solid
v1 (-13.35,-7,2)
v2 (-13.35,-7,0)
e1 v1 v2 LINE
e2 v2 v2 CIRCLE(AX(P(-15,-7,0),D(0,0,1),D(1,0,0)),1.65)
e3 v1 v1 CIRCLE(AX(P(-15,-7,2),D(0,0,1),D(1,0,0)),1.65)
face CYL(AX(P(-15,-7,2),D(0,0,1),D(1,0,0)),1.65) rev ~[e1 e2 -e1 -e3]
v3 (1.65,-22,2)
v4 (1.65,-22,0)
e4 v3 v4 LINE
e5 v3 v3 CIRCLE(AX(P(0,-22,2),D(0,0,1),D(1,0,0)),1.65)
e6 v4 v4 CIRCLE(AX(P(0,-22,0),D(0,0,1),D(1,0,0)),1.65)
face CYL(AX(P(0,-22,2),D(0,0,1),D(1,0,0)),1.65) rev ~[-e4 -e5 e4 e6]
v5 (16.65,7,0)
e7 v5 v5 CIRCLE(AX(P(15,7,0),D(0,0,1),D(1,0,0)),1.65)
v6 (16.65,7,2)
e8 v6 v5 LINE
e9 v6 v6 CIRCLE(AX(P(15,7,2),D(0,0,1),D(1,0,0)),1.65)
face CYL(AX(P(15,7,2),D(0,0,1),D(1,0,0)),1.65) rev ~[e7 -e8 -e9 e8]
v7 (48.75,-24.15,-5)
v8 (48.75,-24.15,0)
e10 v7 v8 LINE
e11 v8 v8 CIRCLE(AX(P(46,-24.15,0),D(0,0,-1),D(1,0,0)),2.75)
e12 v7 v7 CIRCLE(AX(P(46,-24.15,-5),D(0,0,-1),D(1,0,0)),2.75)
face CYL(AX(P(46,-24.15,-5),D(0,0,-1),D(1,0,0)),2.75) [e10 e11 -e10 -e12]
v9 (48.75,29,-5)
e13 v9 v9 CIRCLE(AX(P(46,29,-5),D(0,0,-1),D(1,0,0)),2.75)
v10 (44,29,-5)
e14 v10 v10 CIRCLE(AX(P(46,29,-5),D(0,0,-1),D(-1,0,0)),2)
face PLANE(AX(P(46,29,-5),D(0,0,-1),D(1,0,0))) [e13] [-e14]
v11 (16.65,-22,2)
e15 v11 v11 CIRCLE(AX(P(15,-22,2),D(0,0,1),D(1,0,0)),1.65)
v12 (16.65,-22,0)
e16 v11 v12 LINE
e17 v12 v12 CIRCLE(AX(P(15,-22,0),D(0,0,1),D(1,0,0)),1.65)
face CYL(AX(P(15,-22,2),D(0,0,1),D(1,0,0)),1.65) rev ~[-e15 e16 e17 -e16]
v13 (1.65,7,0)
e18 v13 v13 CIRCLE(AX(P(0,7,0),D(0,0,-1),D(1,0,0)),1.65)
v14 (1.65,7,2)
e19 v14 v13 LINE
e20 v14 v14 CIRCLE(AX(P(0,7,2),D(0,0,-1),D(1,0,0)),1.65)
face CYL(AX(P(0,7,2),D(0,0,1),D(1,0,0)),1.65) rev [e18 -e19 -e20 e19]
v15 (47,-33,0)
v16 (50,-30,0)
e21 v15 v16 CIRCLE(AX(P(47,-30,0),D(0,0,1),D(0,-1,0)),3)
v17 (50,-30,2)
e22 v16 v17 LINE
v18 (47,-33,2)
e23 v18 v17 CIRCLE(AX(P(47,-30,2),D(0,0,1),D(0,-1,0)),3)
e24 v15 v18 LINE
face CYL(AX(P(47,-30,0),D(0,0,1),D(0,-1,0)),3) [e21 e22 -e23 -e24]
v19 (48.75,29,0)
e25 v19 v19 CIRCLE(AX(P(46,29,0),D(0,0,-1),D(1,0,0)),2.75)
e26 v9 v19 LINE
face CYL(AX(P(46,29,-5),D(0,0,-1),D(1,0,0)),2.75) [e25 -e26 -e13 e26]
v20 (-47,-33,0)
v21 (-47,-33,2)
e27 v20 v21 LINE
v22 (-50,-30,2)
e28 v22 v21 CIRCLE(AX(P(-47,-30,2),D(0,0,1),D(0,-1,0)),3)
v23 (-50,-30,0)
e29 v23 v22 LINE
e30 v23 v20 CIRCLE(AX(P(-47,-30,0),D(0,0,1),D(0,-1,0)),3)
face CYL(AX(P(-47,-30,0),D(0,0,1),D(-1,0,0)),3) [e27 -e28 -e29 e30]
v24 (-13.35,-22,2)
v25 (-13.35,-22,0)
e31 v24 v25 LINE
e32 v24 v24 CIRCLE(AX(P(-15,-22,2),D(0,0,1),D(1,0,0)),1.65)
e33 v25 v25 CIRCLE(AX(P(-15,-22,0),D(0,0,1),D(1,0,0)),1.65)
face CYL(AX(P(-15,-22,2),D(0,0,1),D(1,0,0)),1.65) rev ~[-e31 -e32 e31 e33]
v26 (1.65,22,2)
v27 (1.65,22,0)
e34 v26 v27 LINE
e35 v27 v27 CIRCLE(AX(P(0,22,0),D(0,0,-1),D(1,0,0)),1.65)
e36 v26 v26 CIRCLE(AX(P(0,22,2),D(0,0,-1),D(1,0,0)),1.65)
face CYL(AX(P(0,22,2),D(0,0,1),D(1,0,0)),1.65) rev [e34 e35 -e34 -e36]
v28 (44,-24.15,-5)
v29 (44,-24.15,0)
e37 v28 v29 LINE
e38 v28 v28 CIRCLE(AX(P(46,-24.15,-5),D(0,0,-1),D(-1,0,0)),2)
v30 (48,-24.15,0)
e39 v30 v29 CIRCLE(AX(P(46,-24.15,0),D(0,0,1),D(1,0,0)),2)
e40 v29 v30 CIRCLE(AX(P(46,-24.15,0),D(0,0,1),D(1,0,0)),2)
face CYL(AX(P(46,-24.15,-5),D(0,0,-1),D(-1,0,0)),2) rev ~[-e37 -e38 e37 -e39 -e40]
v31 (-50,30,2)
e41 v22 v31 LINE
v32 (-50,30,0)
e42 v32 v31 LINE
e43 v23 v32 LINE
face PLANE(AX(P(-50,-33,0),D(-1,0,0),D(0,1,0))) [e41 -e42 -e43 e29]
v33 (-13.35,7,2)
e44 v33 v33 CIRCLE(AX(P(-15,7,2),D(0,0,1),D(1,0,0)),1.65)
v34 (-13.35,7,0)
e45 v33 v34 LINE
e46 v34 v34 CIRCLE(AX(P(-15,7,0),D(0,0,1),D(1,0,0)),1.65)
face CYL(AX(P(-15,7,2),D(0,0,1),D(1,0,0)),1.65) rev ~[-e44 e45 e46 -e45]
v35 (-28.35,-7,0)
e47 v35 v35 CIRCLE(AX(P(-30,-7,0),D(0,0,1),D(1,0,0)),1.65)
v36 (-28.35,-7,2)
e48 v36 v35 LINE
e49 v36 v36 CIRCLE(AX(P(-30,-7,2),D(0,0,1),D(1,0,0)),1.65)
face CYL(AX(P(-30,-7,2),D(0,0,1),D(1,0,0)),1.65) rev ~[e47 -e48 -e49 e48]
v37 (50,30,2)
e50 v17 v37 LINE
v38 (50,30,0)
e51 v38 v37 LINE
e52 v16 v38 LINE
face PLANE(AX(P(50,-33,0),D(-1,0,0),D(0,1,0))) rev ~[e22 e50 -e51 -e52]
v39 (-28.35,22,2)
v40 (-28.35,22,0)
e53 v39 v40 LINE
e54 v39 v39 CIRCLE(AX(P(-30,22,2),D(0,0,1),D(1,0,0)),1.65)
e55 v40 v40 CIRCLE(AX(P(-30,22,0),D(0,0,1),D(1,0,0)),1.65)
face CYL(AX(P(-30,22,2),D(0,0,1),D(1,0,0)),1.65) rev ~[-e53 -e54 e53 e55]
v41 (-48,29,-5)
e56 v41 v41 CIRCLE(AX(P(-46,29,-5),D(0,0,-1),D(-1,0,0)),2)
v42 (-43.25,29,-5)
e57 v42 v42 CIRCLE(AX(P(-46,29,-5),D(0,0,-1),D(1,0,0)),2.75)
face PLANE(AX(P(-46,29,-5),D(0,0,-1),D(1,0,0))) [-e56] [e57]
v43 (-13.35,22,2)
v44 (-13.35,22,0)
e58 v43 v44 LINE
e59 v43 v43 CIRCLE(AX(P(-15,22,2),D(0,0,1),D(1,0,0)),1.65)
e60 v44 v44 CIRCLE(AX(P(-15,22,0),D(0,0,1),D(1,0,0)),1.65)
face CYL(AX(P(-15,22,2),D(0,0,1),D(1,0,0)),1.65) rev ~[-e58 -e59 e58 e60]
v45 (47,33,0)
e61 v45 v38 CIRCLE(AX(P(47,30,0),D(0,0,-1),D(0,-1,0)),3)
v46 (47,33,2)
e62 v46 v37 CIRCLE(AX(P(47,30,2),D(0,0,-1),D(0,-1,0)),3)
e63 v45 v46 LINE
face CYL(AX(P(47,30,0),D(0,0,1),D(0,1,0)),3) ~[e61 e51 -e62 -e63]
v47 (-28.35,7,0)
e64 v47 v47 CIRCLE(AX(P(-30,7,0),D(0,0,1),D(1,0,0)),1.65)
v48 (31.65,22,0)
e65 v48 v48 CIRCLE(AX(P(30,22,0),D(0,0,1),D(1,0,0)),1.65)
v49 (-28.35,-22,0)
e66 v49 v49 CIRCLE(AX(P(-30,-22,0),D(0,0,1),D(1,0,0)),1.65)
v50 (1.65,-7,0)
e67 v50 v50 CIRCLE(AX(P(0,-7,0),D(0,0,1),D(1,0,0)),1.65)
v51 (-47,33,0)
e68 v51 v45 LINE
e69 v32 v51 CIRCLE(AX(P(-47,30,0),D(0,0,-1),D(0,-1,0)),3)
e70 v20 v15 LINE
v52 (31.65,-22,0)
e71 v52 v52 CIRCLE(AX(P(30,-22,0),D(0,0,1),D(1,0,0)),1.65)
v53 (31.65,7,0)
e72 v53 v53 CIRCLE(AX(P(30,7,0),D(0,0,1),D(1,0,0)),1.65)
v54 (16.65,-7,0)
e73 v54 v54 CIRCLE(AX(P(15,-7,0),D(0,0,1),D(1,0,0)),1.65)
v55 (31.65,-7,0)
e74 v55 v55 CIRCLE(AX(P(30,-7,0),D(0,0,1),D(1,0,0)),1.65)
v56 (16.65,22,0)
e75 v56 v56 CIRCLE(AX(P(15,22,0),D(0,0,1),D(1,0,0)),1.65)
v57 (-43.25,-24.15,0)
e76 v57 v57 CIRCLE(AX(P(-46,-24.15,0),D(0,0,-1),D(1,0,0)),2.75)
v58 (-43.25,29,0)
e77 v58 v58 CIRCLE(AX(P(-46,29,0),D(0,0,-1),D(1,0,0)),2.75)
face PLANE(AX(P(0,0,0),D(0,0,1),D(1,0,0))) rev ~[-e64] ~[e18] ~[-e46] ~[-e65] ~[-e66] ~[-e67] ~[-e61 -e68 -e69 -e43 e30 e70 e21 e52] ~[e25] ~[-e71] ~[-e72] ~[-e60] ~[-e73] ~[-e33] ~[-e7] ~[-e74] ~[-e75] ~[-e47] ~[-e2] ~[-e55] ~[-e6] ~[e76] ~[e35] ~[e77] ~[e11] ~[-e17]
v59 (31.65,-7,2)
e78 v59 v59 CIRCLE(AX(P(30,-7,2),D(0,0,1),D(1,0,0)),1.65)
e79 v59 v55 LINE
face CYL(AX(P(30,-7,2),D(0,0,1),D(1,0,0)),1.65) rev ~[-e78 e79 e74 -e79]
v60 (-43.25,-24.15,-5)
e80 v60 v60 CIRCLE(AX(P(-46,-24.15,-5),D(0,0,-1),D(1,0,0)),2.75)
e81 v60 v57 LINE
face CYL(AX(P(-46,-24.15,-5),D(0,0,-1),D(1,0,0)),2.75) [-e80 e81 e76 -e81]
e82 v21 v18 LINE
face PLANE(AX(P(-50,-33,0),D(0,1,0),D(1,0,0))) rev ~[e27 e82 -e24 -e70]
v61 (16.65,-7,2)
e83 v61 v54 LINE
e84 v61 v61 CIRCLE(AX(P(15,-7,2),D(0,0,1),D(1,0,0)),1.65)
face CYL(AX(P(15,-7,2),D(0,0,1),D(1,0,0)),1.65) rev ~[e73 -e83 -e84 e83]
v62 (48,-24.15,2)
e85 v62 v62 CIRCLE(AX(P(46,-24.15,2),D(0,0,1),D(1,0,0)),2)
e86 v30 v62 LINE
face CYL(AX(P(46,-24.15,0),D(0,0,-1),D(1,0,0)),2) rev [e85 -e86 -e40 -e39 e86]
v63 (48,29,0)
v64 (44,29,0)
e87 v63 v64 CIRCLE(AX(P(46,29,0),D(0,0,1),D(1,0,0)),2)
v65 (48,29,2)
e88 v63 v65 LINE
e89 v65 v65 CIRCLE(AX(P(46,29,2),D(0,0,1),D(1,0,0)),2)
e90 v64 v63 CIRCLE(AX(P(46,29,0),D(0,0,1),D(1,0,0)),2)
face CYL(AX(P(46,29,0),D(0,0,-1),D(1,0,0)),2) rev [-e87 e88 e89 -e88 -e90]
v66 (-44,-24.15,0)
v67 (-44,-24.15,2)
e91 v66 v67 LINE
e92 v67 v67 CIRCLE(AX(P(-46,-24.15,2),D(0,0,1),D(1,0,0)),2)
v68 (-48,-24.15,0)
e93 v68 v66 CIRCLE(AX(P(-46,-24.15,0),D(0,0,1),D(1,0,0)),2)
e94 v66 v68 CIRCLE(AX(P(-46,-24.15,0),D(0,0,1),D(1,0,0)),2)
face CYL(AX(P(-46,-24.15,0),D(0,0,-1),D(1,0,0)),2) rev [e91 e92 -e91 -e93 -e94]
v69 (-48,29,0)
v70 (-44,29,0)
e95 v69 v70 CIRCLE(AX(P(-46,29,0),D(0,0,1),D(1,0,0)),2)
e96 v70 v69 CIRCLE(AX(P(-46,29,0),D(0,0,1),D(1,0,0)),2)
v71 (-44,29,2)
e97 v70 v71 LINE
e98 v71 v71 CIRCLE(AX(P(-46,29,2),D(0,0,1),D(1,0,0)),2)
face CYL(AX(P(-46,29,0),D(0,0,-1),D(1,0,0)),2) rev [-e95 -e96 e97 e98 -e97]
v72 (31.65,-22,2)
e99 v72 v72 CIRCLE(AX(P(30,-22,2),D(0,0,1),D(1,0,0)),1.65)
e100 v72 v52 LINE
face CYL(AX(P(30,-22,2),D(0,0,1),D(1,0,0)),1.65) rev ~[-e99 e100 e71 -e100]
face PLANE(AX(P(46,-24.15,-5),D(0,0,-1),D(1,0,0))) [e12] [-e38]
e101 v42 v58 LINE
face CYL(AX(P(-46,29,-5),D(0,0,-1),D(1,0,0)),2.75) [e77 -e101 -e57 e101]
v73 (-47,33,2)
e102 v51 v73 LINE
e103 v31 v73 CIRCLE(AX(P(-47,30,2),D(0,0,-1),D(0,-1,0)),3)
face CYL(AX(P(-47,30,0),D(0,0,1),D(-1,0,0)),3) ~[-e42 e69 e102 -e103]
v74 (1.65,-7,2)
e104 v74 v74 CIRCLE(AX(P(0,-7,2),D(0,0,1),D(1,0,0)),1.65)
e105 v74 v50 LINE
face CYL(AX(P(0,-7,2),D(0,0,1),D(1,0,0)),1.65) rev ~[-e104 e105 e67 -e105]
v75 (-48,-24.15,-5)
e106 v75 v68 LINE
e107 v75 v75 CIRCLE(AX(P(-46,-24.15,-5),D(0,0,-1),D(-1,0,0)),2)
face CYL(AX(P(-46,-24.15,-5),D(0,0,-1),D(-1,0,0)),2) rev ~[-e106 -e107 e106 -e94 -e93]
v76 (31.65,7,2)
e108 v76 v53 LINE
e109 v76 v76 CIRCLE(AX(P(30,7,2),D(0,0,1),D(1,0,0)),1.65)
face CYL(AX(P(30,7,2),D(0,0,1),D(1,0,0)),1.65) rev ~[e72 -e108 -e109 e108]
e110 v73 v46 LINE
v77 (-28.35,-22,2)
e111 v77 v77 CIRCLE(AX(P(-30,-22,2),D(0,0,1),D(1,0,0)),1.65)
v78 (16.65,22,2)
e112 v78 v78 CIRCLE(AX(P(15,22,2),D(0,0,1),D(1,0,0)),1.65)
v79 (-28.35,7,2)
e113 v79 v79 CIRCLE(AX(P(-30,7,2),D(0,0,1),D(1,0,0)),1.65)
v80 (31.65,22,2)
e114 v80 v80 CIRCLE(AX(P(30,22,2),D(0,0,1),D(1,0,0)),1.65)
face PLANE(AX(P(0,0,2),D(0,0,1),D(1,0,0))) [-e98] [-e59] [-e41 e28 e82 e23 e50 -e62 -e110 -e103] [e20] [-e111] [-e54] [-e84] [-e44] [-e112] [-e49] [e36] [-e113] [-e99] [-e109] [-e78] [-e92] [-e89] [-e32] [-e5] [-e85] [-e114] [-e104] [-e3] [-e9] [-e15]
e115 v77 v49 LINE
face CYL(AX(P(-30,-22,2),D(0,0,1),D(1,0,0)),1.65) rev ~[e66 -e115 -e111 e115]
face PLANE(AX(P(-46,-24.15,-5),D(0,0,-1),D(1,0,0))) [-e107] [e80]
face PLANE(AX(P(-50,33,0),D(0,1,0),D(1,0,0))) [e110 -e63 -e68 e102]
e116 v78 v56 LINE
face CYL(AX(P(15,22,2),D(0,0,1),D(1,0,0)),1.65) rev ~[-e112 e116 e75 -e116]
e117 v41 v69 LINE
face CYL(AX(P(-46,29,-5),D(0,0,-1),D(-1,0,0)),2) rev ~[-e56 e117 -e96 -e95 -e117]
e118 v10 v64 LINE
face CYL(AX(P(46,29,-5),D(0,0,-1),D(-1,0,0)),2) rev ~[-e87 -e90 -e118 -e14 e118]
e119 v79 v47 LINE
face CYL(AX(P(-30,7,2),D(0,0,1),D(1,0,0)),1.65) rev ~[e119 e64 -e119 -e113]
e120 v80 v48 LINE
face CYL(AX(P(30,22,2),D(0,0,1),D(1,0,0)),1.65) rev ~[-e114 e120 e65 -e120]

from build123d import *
from build123d.topology import SkipClean

# Parameters (mm, degrees)
SKETCH1_W               = 100
SKETCH1_H               = 66
SKETCH1_R               = 2
BOSS_EXTRUDE1_DEPTH     = 2
FILLET1_R               = 3
CUT_EXTRUDE1_REACH      = 61.942
SKETCH2_R               = 1.65
LPATTERN1_COUNT         = 3
LPATTERN1_PITCH         = 15
LPATTERN1_COL_COUNT     = 3
LPATTERN1_COL_PITCH     = 15
MIRROR1_COPY_1_REACH    = 61.942
MIRROR1_COPY_1_SKETCH_R = 1.65
MIRROR1_COPY_2_REACH    = 61.942
MIRROR1_COPY_2_SKETCH_R = 1.65
MIRROR1_COPY_3_REACH    = 61.942
MIRROR1_COPY_3_SKETCH_R = 1.65
MIRROR1_COPY_4_REACH    = 61.942
MIRROR1_COPY_4_SKETCH_R = 1.65
BOSS_EXTRUDE2_START     = 5
SKETCH4_R               = 2.75
SKETCH4_R_2             = 2
BOSS_EXTRUDE2_DEPTH     = 5


with BuildPart() as part:
    # Sketch1 → Boss-Extrude1 (new body)
    with BuildSketch(Plane.XY):
        Rectangle(SKETCH1_W, SKETCH1_H)
        with Locations((-46, 29)):
            Circle(SKETCH1_R, mode=Mode.SUBTRACT)
        with Locations((46, 29)):
            Circle(SKETCH1_R, mode=Mode.SUBTRACT)
        with Locations((-46, -24.15)):
            Circle(SKETCH1_R, mode=Mode.SUBTRACT)
        with Locations((46, -24.15)):
            Circle(SKETCH1_R, mode=Mode.SUBTRACT)
    extrude(amount=BOSS_EXTRUDE1_DEPTH)

    # Fillet1
    fillet1_edges = [part.edges().sort_by_distance(p)[0] for p in [
        (-50, 33, 1),
        (50, 33, 1),
        (50, -33, 1),
        (-50, -33, 1),
    ]]
    fillet(fillet1_edges, radius=FILLET1_R)

    # Sketch2 → Cut-Extrude1 (cut, up to next)
    with BuildSketch(Plane.XY.offset(2), mode=Mode.PRIVATE) as cut_extrude1_sk1:
        with Locations((0, -22)):
            Circle(SKETCH2_R)
    cut_extrude1_tool1 = extrude(cut_extrude1_sk1.sketch, amount=-CUT_EXTRUDE1_REACH, mode=Mode.PRIVATE) & part.part
    # Sketch2 → Cut-Extrude1 (cut, up to next)
    with BuildSketch(Plane.XY.offset(2), mode=Mode.PRIVATE) as cut_extrude1_sk2:
        with Locations((0, -7)):
            Circle(SKETCH2_R)
    cut_extrude1_tool2 = extrude(cut_extrude1_sk2.sketch, amount=-CUT_EXTRUDE1_REACH, mode=Mode.PRIVATE) & part.part
    cut_extrude1_1 = cut_extrude1_tool1.solids().sort_by_distance((0, -22, 2))[0]
    add(cut_extrude1_1, mode=Mode.SUBTRACT)
    cut_extrude1_2 = cut_extrude1_tool2.solids().sort_by_distance((0, -7, 2))[0]
    add(cut_extrude1_2, mode=Mode.SUBTRACT)
    cut_extrude1 = cut_extrude1_1 + cut_extrude1_2  # Cut-Extrude1 as one shape, for the pattern or mirror that repeats it

    # LPattern1: Cut-Extrude1 ×3
    with Locations(*[(-i * LPATTERN1_PITCH, 0, 0) for i in range(1, LPATTERN1_COUNT)]):
        add(cut_extrude1, mode=Mode.SUBTRACT)

    # LPattern1 col: Cut-Extrude1 ×3
    with Locations(*[(i * LPATTERN1_COL_PITCH, 0, 0) for i in range(1, LPATTERN1_COL_COUNT)]):
        add(cut_extrude1, mode=Mode.SUBTRACT)

    # Mirror1: Cut-Extrude1 across plane
    add(cut_extrude1.mirror(Plane.ZX), mode=Mode.SUBTRACT)

    # Mirror1 copy 1 sketch → Mirror1 copy 1 (cut, up to next)
    with BuildSketch(Plane(origin=(-15, 0, 2), x_dir=(1, 0, 0), z_dir=(0, 0, 1)), mode=Mode.PRIVATE) as mirror1_copy_1_sk1:
        with Locations((0, 22)):
            Circle(MIRROR1_COPY_1_SKETCH_R)
    mirror1_copy_1_tool1 = extrude(mirror1_copy_1_sk1.sketch, amount=-MIRROR1_COPY_1_REACH, mode=Mode.PRIVATE) & part.part
    # Mirror1 copy 1 sketch → Mirror1 copy 1 (cut, up to next)
    with BuildSketch(Plane(origin=(-15, 0, 2), x_dir=(1, 0, 0), z_dir=(0, 0, 1)), mode=Mode.PRIVATE) as mirror1_copy_1_sk2:
        with Locations((0, 7)):
            Circle(MIRROR1_COPY_1_SKETCH_R)
    mirror1_copy_1_tool2 = extrude(mirror1_copy_1_sk2.sketch, amount=-MIRROR1_COPY_1_REACH, mode=Mode.PRIVATE) & part.part
    add(mirror1_copy_1_tool1.solids().sort_by_distance((-15, 22, 2))[0], mode=Mode.SUBTRACT)
    add(mirror1_copy_1_tool2.solids().sort_by_distance((-15, 7, 2))[0], mode=Mode.SUBTRACT)

    # Mirror1 copy 2 sketch → Mirror1 copy 2 (cut, up to next)
    with BuildSketch(Plane(origin=(-30, 0, 2), x_dir=(1, 0, 0), z_dir=(0, 0, 1)), mode=Mode.PRIVATE) as mirror1_copy_2_sk1:
        with Locations((0, 22)):
            Circle(MIRROR1_COPY_2_SKETCH_R)
    mirror1_copy_2_tool1 = extrude(mirror1_copy_2_sk1.sketch, amount=-MIRROR1_COPY_2_REACH, mode=Mode.PRIVATE) & part.part
    # Mirror1 copy 2 sketch → Mirror1 copy 2 (cut, up to next)
    with BuildSketch(Plane(origin=(-30, 0, 2), x_dir=(1, 0, 0), z_dir=(0, 0, 1)), mode=Mode.PRIVATE) as mirror1_copy_2_sk2:
        with Locations((0, 7)):
            Circle(MIRROR1_COPY_2_SKETCH_R)
    mirror1_copy_2_tool2 = extrude(mirror1_copy_2_sk2.sketch, amount=-MIRROR1_COPY_2_REACH, mode=Mode.PRIVATE) & part.part
    add(mirror1_copy_2_tool1.solids().sort_by_distance((-30, 22, 2))[0], mode=Mode.SUBTRACT)
    add(mirror1_copy_2_tool2.solids().sort_by_distance((-30, 7, 2))[0], mode=Mode.SUBTRACT)

    # Mirror1 copy 3 sketch → Mirror1 copy 3 (cut, up to next)
    with BuildSketch(Plane(origin=(15, 0, 2), x_dir=(1, 0, 0), z_dir=(0, 0, 1)), mode=Mode.PRIVATE) as mirror1_copy_3_sk1:
        with Locations((0, 22)):
            Circle(MIRROR1_COPY_3_SKETCH_R)
    mirror1_copy_3_tool1 = extrude(mirror1_copy_3_sk1.sketch, amount=-MIRROR1_COPY_3_REACH, mode=Mode.PRIVATE) & part.part
    # Mirror1 copy 3 sketch → Mirror1 copy 3 (cut, up to next)
    with BuildSketch(Plane(origin=(15, 0, 2), x_dir=(1, 0, 0), z_dir=(0, 0, 1)), mode=Mode.PRIVATE) as mirror1_copy_3_sk2:
        with Locations((0, 7)):
            Circle(MIRROR1_COPY_3_SKETCH_R)
    mirror1_copy_3_tool2 = extrude(mirror1_copy_3_sk2.sketch, amount=-MIRROR1_COPY_3_REACH, mode=Mode.PRIVATE) & part.part
    add(mirror1_copy_3_tool1.solids().sort_by_distance((15, 22, 2))[0], mode=Mode.SUBTRACT)
    add(mirror1_copy_3_tool2.solids().sort_by_distance((15, 7, 2))[0], mode=Mode.SUBTRACT)

    # Mirror1 copy 4 sketch → Mirror1 copy 4 (cut, up to next)
    with BuildSketch(Plane(origin=(30, 0, 2), x_dir=(1, 0, 0), z_dir=(0, 0, 1)), mode=Mode.PRIVATE) as mirror1_copy_4_sk1:
        with Locations((0, 22)):
            Circle(MIRROR1_COPY_4_SKETCH_R)
    mirror1_copy_4_tool1 = extrude(mirror1_copy_4_sk1.sketch, amount=-MIRROR1_COPY_4_REACH, mode=Mode.PRIVATE) & part.part
    # Mirror1 copy 4 sketch → Mirror1 copy 4 (cut, up to next)
    with BuildSketch(Plane(origin=(30, 0, 2), x_dir=(1, 0, 0), z_dir=(0, 0, 1)), mode=Mode.PRIVATE) as mirror1_copy_4_sk2:
        with Locations((0, 7)):
            Circle(MIRROR1_COPY_4_SKETCH_R)
    mirror1_copy_4_tool2 = extrude(mirror1_copy_4_sk2.sketch, amount=-MIRROR1_COPY_4_REACH, mode=Mode.PRIVATE) & part.part
    add(mirror1_copy_4_tool1.solids().sort_by_distance((30, 22, 2))[0], mode=Mode.SUBTRACT)
    add(mirror1_copy_4_tool2.solids().sort_by_distance((30, 7, 2))[0], mode=Mode.SUBTRACT)

    # Sketch4 → Boss-Extrude2 (add)
    # profile 1 of 4: a face of its own
    with SkipClean():  # the faces are left unmerged after this step: merging them gives an invalid solid
        with BuildSketch(Plane(origin=(0, 0, 0), x_dir=(-1, 0, 0), z_dir=(0, 0, -1)).offset(BOSS_EXTRUDE2_START)):
            with Locations(Location((-46, 29, 0), (0, 0, 180))):
                Circle(SKETCH4_R)
            with Locations((-46, 29)):
                Circle(SKETCH4_R_2, mode=Mode.SUBTRACT)
        # profile 2 of 4: a face of its own
        with BuildSketch(Plane(origin=(0, 0, 0), x_dir=(-1, 0, 0), z_dir=(0, 0, -1)).offset(BOSS_EXTRUDE2_START)):
            with Locations(Location((-46, -24.15, 0), (0, 0, 180))):
                Circle(SKETCH4_R)
            with Locations((-46, -24.15)):
                Circle(SKETCH4_R_2, mode=Mode.SUBTRACT)
        # profile 3 of 4: a face of its own
        with BuildSketch(Plane(origin=(0, 0, 0), x_dir=(-1, 0, 0), z_dir=(0, 0, -1)).offset(BOSS_EXTRUDE2_START)):
            with Locations(Location((46, -24.15, 0), (0, 0, 180))):
                Circle(SKETCH4_R)
            with Locations((46, -24.15)):
                Circle(SKETCH4_R_2, mode=Mode.SUBTRACT)
        # profile 4 of 4: a face of its own
        with BuildSketch(Plane(origin=(0, 0, 0), x_dir=(-1, 0, 0), z_dir=(0, 0, -1)).offset(BOSS_EXTRUDE2_START)):
            with Locations(Location((46, 29, 0), (0, 0, 180))):
                Circle(SKETCH4_R)
            with Locations((46, 29)):
                Circle(SKETCH4_R_2, mode=Mode.SUBTRACT)
        extrude(amount=-BOSS_EXTRUDE2_DEPTH)


solid = part.part
